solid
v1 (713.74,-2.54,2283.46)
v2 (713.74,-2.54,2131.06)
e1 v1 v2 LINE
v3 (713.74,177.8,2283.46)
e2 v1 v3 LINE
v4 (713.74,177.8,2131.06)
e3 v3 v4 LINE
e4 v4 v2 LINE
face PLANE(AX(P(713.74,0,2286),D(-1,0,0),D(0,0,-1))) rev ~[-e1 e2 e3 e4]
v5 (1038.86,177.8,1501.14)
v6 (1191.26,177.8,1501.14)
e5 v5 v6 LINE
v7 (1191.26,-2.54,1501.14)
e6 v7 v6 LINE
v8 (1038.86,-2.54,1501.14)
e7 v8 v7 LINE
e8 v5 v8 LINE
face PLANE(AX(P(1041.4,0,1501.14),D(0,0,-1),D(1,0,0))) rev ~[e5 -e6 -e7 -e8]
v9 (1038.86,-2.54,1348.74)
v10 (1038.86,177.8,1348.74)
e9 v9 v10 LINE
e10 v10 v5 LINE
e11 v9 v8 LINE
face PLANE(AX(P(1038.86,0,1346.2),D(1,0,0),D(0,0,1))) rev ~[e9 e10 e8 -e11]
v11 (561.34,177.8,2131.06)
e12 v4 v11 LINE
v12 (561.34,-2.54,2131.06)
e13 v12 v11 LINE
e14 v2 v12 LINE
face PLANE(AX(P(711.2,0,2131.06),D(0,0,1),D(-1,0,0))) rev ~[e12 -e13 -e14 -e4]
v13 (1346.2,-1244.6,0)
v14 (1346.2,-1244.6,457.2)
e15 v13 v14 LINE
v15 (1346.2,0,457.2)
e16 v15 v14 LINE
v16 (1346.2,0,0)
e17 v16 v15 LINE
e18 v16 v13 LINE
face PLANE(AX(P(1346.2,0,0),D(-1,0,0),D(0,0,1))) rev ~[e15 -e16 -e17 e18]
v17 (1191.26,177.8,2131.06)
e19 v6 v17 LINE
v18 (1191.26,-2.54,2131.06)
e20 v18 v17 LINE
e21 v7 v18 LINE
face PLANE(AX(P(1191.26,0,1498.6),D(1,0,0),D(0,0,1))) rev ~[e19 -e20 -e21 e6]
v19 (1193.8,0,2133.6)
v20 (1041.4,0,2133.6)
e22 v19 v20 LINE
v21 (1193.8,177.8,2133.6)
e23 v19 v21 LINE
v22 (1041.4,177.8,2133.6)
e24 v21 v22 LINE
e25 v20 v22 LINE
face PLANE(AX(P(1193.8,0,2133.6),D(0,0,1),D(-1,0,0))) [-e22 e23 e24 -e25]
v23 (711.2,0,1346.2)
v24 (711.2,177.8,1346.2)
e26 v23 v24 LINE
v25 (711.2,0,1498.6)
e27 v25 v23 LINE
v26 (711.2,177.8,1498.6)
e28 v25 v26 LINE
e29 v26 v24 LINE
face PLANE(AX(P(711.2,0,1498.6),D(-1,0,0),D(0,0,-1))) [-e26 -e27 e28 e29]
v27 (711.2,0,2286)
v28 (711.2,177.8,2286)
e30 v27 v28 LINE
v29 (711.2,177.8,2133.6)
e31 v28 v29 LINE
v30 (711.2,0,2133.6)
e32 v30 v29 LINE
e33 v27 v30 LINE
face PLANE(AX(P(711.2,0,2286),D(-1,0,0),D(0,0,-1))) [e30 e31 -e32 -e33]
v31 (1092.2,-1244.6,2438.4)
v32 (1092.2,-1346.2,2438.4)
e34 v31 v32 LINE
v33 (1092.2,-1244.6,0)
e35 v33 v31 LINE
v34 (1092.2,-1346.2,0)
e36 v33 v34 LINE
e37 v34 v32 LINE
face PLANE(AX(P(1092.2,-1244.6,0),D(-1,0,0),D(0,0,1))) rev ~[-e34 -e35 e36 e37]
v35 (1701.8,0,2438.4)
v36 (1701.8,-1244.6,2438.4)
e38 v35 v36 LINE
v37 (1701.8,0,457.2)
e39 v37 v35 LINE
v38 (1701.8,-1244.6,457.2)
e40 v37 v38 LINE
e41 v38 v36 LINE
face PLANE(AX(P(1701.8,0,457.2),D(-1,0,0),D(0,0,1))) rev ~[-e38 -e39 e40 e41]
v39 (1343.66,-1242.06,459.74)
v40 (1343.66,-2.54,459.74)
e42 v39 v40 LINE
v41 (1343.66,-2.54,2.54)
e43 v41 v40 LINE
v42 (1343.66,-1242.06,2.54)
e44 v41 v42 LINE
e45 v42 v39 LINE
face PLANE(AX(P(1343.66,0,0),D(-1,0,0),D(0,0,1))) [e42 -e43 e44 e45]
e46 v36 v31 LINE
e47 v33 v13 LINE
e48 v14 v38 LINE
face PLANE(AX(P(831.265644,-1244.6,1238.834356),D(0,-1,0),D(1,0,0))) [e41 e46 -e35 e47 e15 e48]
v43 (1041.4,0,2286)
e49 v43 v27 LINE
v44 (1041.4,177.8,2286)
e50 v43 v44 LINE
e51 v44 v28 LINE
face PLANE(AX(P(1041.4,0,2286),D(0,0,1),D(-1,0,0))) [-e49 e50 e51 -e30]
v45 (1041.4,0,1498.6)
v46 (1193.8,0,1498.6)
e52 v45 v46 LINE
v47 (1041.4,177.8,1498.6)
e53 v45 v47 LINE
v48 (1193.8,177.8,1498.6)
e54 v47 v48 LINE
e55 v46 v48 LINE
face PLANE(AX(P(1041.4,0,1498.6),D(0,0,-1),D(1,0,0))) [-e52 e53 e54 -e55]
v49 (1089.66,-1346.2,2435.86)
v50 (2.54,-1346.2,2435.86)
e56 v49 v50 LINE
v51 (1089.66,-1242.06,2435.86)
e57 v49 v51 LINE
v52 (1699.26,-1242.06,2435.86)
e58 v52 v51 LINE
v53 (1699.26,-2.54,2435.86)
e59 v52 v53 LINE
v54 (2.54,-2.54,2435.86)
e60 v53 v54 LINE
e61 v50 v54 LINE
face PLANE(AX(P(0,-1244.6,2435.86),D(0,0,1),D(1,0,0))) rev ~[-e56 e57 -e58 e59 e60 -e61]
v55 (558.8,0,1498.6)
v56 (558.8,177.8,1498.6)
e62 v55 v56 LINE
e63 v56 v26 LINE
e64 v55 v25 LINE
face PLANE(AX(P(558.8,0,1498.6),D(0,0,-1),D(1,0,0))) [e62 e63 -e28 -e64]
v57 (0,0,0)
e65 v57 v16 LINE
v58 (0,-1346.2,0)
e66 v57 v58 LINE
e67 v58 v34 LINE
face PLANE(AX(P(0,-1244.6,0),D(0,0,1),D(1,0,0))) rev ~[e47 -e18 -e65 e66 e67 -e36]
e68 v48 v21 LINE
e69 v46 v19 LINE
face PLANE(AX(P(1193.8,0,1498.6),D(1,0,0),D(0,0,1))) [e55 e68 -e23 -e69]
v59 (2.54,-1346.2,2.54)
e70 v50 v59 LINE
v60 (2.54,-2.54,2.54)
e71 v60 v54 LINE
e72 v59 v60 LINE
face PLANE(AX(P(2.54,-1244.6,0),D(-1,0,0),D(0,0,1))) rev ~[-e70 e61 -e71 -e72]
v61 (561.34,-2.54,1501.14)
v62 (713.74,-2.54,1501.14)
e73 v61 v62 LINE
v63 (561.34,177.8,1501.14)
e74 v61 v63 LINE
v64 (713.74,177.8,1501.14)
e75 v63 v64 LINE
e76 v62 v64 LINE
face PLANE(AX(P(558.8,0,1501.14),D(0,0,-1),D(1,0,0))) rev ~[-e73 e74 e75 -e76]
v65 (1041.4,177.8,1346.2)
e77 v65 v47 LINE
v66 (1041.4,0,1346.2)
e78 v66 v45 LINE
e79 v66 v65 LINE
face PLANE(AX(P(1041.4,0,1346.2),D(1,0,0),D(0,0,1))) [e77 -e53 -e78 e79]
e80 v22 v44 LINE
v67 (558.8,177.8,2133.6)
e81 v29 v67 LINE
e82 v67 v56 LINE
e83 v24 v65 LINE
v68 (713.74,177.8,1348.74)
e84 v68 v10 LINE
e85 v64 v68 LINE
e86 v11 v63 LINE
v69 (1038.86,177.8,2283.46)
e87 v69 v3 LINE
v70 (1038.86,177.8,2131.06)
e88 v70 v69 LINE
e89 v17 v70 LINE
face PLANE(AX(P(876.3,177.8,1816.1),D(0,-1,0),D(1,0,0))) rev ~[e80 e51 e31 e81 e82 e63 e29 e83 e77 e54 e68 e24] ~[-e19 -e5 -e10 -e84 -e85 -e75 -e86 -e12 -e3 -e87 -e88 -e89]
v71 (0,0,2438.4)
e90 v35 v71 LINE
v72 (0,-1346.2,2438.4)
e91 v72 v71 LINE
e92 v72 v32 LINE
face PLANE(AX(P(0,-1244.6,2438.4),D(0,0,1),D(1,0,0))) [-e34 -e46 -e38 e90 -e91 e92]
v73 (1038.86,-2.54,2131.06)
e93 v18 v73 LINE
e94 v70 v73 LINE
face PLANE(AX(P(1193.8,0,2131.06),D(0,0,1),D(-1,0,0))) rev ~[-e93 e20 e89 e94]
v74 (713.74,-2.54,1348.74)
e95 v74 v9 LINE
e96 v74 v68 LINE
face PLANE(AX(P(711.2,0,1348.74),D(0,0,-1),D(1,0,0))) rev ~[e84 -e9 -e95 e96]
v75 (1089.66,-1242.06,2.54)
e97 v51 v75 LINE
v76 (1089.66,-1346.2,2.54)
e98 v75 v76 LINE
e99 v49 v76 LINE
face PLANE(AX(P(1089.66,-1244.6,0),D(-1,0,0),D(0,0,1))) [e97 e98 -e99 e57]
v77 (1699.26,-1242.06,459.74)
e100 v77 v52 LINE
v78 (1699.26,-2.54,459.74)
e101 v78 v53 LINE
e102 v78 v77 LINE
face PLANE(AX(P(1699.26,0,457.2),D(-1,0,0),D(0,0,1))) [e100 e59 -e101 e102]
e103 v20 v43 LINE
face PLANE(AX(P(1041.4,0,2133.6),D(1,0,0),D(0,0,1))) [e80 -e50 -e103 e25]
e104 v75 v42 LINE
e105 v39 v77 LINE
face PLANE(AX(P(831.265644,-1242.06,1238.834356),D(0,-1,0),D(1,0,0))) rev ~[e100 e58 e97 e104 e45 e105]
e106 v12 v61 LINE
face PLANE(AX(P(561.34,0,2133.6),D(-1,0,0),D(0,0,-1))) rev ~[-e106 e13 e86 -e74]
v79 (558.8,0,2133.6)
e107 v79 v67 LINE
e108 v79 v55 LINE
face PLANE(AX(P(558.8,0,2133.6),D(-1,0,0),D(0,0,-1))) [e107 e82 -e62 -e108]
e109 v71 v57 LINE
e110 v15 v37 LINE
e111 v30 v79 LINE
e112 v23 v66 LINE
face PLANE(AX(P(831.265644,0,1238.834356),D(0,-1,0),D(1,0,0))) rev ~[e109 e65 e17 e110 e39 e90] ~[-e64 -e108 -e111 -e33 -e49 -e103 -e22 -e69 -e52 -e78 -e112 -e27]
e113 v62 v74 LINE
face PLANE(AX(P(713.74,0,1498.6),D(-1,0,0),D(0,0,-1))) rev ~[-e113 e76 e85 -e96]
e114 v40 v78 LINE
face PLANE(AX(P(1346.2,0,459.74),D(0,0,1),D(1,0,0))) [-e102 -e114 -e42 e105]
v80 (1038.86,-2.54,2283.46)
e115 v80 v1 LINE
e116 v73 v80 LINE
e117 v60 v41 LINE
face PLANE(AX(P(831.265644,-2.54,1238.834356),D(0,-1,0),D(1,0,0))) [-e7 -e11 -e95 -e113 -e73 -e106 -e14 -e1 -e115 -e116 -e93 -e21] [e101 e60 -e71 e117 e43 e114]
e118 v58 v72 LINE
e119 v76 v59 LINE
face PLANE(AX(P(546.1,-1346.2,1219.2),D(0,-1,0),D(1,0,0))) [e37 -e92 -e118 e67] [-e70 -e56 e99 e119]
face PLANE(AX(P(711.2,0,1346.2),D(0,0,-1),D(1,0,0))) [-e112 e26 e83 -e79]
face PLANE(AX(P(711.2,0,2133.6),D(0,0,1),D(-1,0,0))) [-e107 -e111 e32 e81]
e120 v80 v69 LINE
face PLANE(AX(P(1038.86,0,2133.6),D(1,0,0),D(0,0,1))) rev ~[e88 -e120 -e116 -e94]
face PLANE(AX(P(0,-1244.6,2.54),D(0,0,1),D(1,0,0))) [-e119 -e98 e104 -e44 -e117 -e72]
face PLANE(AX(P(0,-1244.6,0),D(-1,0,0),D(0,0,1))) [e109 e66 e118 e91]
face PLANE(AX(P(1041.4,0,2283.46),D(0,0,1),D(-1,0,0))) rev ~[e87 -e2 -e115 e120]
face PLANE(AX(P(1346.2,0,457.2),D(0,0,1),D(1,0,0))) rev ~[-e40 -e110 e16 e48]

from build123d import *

# Parameters (mm, degrees)
F1_DEPTH = 1244.6
F3_DEPTH = 177.8
F4_W     = 1092.2
F4_H     = 2438.4
F5_DEPTH = 101.6
F6_T     = -2.54


with BuildPart() as f1:
    # F0 (on Front) → F1 (new body)
    with BuildSketch(Plane.XZ):
        Polygon((0, 2438.4), (0, 0), (1346.2, 0), (1346.2, 457.2), (1701.8, 457.2), (1701.8, 2438.4), align=None)
    extrude(amount=F1_DEPTH)

    # F2 (on Front) → F3 (join)
    with BuildSketch(Plane.XZ):
        Polygon((711.2, 1498.6), (711.2, 1346.2), (1041.4, 1346.2), (1041.4, 1498.6), (1193.8, 1498.6), (1193.8, 2133.6), (1041.4, 2133.6), (1041.4, 2286), (711.2, 2286), (711.2, 2133.6), (558.8, 2133.6), (558.8, 1498.6), align=None)
    extrude(amount=-F3_DEPTH)

    # F4 (on face) → F5 (join)
    with BuildSketch(Plane.XZ.offset(1244.6)):
        with Locations((546.1, 1219.2)):
            Rectangle(F4_W, F4_H)
    extrude(amount=F5_DEPTH)

    # F6
    f6_openings = [f1.faces().sort_by_distance(p)[0] for p in [
        (546.1, -1346.2, 1219.2),
        (876.3, 177.8, 1816.1),
    ]]
    offset(amount=F6_T, openings=f6_openings, kind=Kind.INTERSECTION)


solid = f1.part
